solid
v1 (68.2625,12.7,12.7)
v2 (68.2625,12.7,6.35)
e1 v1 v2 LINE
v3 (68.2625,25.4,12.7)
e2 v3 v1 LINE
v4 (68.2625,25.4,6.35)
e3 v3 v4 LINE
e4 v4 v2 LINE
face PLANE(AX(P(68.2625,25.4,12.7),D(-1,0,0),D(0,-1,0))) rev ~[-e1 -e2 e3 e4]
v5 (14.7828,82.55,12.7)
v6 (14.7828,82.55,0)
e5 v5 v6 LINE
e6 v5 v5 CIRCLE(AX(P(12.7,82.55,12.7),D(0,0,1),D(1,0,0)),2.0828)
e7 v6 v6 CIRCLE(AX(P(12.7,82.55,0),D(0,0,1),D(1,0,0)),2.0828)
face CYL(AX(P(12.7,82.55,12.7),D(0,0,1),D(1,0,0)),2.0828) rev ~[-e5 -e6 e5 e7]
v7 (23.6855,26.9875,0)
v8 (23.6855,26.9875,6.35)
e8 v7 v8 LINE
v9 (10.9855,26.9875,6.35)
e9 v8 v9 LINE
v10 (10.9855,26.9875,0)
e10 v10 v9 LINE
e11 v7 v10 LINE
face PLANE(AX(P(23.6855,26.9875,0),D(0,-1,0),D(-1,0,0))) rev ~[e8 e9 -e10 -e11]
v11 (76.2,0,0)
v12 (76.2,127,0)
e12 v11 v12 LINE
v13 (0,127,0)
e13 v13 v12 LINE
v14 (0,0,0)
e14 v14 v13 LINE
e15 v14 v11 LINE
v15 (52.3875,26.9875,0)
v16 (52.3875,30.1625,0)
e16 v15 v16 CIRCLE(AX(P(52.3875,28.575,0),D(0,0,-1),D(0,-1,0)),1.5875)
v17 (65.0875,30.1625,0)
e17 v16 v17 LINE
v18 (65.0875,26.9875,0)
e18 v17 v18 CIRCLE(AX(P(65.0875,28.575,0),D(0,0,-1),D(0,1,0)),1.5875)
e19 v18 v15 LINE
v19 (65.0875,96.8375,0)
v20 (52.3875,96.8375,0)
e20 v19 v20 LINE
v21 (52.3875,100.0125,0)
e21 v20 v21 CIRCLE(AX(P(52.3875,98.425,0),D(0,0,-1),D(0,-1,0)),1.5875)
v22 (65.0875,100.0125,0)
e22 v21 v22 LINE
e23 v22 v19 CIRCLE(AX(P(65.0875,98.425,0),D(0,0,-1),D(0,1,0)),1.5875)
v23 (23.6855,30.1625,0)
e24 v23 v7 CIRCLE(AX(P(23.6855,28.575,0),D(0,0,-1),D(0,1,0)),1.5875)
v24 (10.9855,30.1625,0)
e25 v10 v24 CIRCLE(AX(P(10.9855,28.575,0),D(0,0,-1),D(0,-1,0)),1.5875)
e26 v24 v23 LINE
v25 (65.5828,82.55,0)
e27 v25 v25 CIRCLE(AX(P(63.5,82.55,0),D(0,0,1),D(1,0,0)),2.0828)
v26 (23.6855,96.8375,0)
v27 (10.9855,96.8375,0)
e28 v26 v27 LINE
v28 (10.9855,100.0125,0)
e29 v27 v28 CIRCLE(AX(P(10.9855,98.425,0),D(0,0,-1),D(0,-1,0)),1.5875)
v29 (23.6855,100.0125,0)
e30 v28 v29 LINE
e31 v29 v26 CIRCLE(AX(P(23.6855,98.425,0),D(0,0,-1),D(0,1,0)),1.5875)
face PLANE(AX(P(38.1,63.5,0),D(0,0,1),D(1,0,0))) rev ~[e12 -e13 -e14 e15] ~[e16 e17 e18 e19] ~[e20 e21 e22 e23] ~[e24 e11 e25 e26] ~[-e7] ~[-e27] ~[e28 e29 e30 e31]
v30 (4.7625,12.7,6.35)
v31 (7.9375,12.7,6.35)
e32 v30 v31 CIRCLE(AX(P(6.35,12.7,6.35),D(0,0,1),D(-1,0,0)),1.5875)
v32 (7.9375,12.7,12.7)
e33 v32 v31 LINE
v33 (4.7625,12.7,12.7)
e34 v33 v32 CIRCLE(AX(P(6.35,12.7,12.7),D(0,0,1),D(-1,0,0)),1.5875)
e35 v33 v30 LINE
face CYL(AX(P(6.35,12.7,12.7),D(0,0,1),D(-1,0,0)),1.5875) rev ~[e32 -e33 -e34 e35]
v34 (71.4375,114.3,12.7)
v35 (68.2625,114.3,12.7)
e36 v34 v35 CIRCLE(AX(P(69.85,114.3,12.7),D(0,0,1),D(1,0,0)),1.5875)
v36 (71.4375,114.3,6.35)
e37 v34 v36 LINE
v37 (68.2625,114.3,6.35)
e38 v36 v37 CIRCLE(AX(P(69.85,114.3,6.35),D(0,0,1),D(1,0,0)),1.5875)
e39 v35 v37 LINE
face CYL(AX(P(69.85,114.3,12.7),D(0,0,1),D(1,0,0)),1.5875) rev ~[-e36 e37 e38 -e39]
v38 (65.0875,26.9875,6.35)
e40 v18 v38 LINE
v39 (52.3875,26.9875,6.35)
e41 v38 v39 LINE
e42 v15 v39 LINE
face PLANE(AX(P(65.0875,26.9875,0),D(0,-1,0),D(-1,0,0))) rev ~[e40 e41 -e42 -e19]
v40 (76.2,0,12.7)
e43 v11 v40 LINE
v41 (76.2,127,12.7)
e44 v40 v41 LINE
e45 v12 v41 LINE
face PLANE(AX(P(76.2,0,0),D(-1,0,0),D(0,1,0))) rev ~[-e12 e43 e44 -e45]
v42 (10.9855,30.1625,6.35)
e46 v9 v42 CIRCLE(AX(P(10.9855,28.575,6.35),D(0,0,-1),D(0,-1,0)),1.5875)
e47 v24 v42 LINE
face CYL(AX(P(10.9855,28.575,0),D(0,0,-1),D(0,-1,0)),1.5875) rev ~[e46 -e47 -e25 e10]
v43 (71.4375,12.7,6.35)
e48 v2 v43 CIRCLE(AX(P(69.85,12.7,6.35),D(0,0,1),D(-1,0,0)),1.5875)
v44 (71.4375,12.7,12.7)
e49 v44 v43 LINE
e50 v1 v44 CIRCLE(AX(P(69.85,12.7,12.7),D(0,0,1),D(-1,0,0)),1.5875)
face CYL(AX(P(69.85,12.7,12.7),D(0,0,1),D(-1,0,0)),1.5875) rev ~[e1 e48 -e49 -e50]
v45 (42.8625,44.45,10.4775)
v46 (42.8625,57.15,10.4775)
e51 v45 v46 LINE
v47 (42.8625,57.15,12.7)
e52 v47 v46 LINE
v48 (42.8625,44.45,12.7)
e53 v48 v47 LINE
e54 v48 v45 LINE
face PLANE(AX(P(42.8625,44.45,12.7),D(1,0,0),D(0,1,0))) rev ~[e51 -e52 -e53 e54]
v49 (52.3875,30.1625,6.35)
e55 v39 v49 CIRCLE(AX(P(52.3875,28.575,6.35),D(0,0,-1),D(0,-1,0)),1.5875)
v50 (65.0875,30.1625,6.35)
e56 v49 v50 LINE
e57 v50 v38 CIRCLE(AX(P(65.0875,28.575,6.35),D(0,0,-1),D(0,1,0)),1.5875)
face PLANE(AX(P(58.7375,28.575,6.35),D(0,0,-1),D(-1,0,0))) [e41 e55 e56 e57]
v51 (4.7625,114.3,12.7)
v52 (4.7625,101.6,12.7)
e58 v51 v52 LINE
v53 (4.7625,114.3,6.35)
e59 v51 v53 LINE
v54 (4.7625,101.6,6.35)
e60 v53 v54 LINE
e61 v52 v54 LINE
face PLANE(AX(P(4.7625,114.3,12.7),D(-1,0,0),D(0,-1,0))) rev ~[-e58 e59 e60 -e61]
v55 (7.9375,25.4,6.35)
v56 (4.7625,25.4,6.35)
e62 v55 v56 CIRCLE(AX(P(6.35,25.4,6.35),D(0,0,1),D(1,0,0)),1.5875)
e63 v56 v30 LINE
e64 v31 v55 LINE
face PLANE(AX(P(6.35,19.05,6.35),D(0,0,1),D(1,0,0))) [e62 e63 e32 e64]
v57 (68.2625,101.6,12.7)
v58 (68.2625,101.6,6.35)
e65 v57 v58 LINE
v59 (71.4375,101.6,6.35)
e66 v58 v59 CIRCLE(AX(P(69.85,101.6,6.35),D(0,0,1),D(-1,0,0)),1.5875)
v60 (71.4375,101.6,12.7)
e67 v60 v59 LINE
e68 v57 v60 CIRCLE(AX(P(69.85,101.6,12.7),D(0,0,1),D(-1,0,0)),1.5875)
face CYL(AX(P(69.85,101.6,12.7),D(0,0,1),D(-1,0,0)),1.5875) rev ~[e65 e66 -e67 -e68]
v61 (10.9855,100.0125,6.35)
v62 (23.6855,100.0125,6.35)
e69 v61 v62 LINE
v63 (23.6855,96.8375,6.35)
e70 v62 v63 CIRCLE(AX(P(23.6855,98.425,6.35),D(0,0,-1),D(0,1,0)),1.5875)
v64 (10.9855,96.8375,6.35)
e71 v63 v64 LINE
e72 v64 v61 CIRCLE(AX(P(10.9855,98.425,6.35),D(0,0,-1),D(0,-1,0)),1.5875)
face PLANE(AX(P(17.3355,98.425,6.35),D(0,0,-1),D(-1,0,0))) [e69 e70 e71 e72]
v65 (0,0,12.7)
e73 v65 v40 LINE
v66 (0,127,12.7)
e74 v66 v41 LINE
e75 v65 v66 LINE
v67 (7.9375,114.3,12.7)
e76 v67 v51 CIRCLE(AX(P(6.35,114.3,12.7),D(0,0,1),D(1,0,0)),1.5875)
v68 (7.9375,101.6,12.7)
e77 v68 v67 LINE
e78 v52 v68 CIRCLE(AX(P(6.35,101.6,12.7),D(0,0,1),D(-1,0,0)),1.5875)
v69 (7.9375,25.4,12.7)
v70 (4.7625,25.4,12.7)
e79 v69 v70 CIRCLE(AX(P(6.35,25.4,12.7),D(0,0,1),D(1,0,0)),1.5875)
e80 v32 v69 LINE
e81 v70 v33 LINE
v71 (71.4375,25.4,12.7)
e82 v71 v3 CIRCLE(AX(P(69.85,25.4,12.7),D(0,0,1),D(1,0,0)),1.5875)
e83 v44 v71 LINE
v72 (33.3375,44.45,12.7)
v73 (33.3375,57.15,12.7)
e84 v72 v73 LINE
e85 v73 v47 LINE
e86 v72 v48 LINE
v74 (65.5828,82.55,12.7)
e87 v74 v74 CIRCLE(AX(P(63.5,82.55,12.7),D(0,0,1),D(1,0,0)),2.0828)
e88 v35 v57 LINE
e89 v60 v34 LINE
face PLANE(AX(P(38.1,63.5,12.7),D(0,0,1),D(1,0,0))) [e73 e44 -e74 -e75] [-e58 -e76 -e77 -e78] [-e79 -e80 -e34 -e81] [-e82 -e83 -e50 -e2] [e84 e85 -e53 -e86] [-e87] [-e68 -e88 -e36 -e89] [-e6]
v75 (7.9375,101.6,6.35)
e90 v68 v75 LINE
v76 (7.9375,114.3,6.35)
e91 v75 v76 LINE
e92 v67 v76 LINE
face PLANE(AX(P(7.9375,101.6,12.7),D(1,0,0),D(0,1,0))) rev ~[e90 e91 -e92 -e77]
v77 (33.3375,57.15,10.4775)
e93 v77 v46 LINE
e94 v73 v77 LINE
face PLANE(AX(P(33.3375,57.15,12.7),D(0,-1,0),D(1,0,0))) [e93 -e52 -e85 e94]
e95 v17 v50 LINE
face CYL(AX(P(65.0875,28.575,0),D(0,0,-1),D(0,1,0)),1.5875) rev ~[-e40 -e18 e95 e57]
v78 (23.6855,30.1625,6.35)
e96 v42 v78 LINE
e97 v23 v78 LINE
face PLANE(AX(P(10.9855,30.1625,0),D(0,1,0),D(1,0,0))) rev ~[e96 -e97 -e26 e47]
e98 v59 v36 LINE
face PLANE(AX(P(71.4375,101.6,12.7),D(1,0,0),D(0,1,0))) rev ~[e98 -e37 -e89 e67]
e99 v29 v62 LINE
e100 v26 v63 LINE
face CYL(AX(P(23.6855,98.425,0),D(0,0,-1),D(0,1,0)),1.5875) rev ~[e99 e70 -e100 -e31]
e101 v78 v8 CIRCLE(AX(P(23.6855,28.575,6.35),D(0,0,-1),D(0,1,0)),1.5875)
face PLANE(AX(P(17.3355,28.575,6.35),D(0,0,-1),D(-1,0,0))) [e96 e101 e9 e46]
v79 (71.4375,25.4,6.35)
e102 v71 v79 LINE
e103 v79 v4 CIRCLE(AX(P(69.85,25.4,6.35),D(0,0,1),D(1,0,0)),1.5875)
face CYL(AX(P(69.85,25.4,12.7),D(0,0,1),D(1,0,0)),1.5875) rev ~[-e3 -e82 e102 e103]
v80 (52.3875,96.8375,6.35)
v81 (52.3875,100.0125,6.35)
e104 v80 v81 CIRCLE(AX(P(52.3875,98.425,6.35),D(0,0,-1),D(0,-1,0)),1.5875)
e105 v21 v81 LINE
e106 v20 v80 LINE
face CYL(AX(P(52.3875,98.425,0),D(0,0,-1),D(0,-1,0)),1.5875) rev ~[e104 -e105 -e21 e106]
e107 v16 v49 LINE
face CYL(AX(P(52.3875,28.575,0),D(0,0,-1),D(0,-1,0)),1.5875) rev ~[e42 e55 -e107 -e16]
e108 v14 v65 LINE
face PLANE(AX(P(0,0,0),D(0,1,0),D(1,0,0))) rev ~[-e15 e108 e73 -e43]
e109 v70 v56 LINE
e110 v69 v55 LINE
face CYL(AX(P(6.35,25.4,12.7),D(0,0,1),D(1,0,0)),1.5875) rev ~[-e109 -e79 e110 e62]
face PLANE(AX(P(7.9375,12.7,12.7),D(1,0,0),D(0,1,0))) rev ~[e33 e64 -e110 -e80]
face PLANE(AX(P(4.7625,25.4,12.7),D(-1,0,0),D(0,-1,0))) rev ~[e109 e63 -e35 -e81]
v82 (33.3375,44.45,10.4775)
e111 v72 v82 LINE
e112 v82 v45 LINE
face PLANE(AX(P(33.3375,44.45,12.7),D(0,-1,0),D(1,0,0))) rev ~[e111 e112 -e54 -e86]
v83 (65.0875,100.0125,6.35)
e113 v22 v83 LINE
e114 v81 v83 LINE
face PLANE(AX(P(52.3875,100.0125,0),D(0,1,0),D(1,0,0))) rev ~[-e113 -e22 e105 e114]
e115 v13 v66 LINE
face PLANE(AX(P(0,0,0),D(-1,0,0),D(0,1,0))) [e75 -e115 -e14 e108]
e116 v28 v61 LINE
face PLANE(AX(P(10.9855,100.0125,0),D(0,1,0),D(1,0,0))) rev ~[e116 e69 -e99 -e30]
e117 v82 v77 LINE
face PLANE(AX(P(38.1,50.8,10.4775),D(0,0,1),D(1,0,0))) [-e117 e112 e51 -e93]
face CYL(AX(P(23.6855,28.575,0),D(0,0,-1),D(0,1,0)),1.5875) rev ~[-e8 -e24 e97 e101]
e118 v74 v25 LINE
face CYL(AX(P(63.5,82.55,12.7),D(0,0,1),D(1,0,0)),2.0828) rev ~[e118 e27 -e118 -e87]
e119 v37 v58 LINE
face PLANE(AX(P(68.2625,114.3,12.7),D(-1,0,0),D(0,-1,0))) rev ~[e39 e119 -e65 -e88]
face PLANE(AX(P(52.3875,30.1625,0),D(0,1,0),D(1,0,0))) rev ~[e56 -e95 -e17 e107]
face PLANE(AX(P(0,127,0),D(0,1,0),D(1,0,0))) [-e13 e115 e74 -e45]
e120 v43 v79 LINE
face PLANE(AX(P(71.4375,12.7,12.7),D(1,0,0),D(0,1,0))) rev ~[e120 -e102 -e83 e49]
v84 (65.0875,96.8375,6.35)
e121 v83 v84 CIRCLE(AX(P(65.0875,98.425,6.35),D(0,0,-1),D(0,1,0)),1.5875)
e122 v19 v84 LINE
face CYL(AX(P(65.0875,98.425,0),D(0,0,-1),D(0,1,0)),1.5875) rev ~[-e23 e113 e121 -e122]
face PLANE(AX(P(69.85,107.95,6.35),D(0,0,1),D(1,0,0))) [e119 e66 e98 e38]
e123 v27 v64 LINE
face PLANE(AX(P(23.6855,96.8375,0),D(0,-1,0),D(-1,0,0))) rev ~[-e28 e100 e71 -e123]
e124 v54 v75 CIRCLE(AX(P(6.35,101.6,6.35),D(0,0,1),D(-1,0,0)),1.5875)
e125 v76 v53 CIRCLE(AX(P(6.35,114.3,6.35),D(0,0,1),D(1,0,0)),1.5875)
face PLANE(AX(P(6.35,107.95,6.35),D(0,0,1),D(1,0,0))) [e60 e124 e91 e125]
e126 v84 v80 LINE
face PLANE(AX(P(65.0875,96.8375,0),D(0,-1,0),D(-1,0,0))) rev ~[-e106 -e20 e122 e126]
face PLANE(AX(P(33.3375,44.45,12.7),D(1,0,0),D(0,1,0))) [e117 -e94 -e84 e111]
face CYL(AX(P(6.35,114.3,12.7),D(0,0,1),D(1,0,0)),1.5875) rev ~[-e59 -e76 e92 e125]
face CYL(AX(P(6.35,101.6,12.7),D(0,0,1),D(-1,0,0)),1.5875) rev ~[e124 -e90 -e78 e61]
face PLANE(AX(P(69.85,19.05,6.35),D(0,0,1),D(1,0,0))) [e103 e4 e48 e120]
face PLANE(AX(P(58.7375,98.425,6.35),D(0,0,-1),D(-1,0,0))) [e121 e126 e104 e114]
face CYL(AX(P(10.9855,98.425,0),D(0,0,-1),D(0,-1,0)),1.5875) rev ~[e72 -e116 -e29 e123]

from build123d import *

# Parameters (mm, degrees)
SKETCH1_W           = 76.2
SKETCH1_H           = 127
BOSS_EXTRUDE1_DEPTH = 12.7
CUT_EXTRUDE1_DEPTH  = 6.35
CUT_EXTRUDE2_DEPTH  = 6.35
SKETCH4_W           = 9.525
SKETCH4_H           = 12.7
CUT_EXTRUDE3_DEPTH  = 2.2225
SKETCH5_R           = 2.0828
CUT_EXTRUDE4_DEPTH  = 25.4


with BuildPart() as part:
    # Sketch1 → Boss-Extrude1 (new body)
    with BuildSketch(Plane.XY):
        with Locations((38.1, 63.5)):
            Rectangle(SKETCH1_W, SKETCH1_H)
    extrude(amount=BOSS_EXTRUDE1_DEPTH)

    # Sketch2 → Cut-Extrude1 (cut)
    with BuildSketch(Plane.XY.offset(12.7)):
        with BuildLine():
            Line((71.4375, 12.7), (71.4375, 25.4))
            ThreePointArc((71.4375, 25.4), (69.85, 26.9875), (68.2625, 25.4))
            Line((68.2625, 25.4), (68.2625, 12.7))
            ThreePointArc((68.2625, 12.7), (69.85, 11.1125), (71.4375, 12.7))
        make_face()
        with BuildLine():
            Line((7.9375, 12.7), (7.9375, 25.4))
            ThreePointArc((7.9375, 25.4), (6.35, 26.9875), (4.7625, 25.4))
            Line((4.7625, 25.4), (4.7625, 12.7))
            ThreePointArc((4.7625, 12.7), (6.35, 11.1125), (7.9375, 12.7))
        make_face()
        with BuildLine():
            Line((7.9375, 101.6), (7.9375, 114.3))
            ThreePointArc((7.9375, 114.3), (6.35, 115.8875), (4.7625, 114.3))
            Line((4.7625, 114.3), (4.7625, 101.6))
            ThreePointArc((4.7625, 101.6), (6.35, 100.0125), (7.9375, 101.6))
        make_face()
        with BuildLine():
            Line((71.4375, 101.6), (71.4375, 114.3))
            ThreePointArc((71.4375, 114.3), (69.85, 115.8875), (68.2625, 114.3))
            Line((68.2625, 114.3), (68.2625, 101.6))
            ThreePointArc((68.2625, 101.6), (69.85, 100.0125), (71.4375, 101.6))
        make_face()
    extrude(amount=-CUT_EXTRUDE1_DEPTH, mode=Mode.SUBTRACT)

    # Sketch3 → Cut-Extrude2 (cut)
    with BuildSketch(Plane(origin=(0, 0, 0), x_dir=(-1, 0, 0), z_dir=(0, 0, -1))):
        with BuildLine():
            Line((-23.6855, 96.8375), (-10.9855, 96.8375))
            ThreePointArc((-10.9855, 96.8375), (-9.398, 98.425), (-10.9855, 100.0125))
            Line((-10.9855, 100.0125), (-23.6855, 100.0125))
            ThreePointArc((-23.6855, 100.0125), (-25.273, 98.425), (-23.6855, 96.8375))
        make_face()
        with BuildLine():
            Line((-65.0875, 96.8375), (-52.3875, 96.8375))
            ThreePointArc((-52.3875, 96.8375), (-50.8, 98.425), (-52.3875, 100.0125))
            Line((-52.3875, 100.0125), (-65.0875, 100.0125))
            ThreePointArc((-65.0875, 100.0125), (-66.675, 98.425), (-65.0875, 96.8375))
        make_face()
        with BuildLine():
            Line((-65.0875, 26.9875), (-52.3875, 26.9875))
            ThreePointArc((-52.3875, 26.9875), (-50.8, 28.575), (-52.3875, 30.1625))
            Line((-52.3875, 30.1625), (-65.0875, 30.1625))
            ThreePointArc((-65.0875, 30.1625), (-66.675, 28.575), (-65.0875, 26.9875))
        make_face()
        with BuildLine():
            Line((-23.6855, 26.9875), (-10.9855, 26.9875))
            ThreePointArc((-10.9855, 26.9875), (-9.398, 28.575), (-10.9855, 30.1625))
            Line((-10.9855, 30.1625), (-23.6855, 30.1625))
            ThreePointArc((-23.6855, 30.1625), (-25.273, 28.575), (-23.6855, 26.9875))
        make_face()
    extrude(amount=-CUT_EXTRUDE2_DEPTH, mode=Mode.SUBTRACT)

    # Sketch4 → Cut-Extrude3 (cut)
    with BuildSketch(Plane.XY.offset(12.7)):
        with Locations((38.1, 50.8)):
            Rectangle(SKETCH4_W, SKETCH4_H)
    extrude(amount=-CUT_EXTRUDE3_DEPTH, mode=Mode.SUBTRACT)

    # Sketch5 → Cut-Extrude4 (cut)
    with BuildSketch(Plane.XY.offset(12.7)):
        with Locations((12.7, 82.55)):
            Circle(SKETCH5_R)
        with Locations((63.5, 82.55)):
            Circle(SKETCH5_R)
    extrude(amount=-CUT_EXTRUDE4_DEPTH, mode=Mode.SUBTRACT)


solid = part.part
